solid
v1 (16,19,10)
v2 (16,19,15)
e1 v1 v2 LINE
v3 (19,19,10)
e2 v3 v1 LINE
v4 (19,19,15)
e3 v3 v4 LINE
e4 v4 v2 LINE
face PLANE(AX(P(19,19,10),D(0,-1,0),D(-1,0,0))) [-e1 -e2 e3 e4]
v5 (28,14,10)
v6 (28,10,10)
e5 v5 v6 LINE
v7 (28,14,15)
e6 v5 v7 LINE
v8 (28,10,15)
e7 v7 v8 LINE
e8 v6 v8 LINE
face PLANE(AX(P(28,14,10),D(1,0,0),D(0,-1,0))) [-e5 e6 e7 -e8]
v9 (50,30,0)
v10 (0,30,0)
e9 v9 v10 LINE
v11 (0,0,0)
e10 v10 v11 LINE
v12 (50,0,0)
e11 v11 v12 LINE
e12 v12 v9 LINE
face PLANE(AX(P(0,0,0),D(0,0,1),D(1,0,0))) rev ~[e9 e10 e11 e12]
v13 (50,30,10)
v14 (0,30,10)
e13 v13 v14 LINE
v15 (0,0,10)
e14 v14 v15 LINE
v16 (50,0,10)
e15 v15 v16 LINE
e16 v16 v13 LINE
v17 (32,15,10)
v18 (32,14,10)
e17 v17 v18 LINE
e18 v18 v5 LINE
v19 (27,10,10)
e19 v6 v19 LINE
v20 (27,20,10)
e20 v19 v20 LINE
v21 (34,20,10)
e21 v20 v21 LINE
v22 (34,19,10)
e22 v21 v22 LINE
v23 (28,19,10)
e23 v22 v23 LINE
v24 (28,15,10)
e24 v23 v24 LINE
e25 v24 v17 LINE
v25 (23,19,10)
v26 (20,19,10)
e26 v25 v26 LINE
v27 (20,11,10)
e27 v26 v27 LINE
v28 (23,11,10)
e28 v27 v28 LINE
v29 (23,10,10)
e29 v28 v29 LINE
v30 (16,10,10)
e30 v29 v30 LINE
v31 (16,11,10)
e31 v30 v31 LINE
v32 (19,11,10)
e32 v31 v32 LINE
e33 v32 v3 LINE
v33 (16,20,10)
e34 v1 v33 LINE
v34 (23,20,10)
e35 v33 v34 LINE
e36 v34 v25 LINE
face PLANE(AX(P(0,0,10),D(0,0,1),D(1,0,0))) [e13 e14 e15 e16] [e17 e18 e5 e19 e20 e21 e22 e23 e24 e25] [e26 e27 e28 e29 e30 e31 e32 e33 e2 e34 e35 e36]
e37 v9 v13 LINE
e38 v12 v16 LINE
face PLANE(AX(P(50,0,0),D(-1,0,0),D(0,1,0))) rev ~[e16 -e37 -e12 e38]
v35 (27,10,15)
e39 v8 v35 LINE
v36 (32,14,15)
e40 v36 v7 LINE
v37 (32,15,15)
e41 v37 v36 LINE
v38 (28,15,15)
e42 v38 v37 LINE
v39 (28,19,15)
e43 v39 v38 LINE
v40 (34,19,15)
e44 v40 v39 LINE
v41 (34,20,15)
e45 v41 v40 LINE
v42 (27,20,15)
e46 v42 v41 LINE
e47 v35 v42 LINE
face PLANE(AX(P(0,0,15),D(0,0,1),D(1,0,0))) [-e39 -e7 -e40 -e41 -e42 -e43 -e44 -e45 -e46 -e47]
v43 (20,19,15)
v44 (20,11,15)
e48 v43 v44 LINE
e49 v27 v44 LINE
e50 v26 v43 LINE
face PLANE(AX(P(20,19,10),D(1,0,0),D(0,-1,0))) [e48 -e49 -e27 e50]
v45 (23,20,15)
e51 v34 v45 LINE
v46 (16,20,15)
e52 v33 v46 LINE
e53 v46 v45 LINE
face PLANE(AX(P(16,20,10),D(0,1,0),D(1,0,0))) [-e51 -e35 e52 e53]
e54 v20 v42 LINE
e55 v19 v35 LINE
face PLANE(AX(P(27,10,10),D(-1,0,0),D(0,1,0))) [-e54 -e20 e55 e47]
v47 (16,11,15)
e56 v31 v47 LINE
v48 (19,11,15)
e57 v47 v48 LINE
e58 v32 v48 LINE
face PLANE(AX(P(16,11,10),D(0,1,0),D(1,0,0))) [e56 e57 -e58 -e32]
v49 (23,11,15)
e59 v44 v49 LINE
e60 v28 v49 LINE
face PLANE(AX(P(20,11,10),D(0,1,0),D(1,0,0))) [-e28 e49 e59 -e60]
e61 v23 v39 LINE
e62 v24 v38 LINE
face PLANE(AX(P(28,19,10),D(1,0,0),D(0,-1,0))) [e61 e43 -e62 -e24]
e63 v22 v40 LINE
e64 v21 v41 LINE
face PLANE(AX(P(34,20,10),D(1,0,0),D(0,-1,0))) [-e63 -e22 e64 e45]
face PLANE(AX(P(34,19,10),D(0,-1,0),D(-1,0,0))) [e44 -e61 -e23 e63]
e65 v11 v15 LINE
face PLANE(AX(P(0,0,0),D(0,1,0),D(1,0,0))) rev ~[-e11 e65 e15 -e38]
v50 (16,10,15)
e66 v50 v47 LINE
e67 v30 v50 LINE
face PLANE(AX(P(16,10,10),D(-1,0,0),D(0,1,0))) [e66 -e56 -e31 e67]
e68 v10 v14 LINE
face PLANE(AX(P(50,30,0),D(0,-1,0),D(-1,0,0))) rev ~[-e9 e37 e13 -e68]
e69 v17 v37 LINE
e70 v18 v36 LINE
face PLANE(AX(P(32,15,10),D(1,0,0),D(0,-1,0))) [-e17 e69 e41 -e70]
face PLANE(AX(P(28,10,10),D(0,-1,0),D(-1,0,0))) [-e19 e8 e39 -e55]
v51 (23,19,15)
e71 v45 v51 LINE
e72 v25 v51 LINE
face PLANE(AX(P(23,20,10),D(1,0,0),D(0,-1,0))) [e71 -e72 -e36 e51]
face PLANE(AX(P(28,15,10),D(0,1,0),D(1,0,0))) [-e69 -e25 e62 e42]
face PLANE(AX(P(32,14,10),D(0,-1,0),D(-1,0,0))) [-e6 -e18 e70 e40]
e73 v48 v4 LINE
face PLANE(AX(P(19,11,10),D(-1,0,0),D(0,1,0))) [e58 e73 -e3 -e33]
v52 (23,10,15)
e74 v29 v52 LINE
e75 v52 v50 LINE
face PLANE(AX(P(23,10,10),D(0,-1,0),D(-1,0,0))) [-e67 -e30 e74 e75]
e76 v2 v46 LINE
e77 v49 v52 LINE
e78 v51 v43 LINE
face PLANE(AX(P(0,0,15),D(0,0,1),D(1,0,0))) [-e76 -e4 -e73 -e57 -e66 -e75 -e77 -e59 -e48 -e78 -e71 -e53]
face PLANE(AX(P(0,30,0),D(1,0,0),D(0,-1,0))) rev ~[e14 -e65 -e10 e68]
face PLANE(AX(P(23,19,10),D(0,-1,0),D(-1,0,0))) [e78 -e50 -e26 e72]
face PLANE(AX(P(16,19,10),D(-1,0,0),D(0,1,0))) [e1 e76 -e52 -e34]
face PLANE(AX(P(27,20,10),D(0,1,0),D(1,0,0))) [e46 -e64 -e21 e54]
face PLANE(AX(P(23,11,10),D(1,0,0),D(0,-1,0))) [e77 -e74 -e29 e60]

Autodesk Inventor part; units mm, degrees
ref_plane "YZ Plane" through (0, 0, 0) normal (1, 0, 0) x (0, 1, 0)
ref_plane "XZ Plane" through (0, 0, 0) normal (0, 1, 0) x (-1, 0, 0)
ref_plane "XY Plane" through (0, 0, 0) normal (0, 0, 1) x (1, 0, 0)
sketch "Sketch1" plane through (0, 0, 0) normal (0, 0, 1) x (1, 0, 0)
  line L0 (0, 0) -> (50, 0)
  line L1 (50, 0) -> (50, 30)
  line L2 (50, 30) -> (0, 30)
  line L3 (0, 30) -> (0, 0)
  dimension "d0" = 50
  dimension "d1" = 30
extrude "Extrusion1" add sketch "Sketch1" along normal blind 10
sketch "Sketch2" plane through (0, 0, 10) normal (0, 0, 1) x (1, 0, 0)
  line L0 (0, 0) -> (50, 0) projected
  line L1 (50, 30) -> (0, 30) projected
  line L2 (0, 0) -> (50, 0)
  line L3 (50, 0) -> (50, 30)
  line L4 (50, 30) -> (0, 30)
  line L5 (0, 30) -> (0, 0)
  line L6 (16, 20) -> (23, 20)
  line L7 (23, 20) -> (23, 19)
  line L8 (23, 19) -> (20, 19)
  line L9 (20, 19) -> (20, 11)
  line L10 (20, 11) -> (23, 11)
  line L11 (23, 11) -> (23, 10)
  line L12 (23, 10) -> (16, 10)
  line L13 (16, 10) -> (16, 11)
  line L14 (16, 11) -> (19, 11)
  line L15 (19, 11) -> (19, 19)
  line L16 (19, 19) -> (16, 19)
  line L17 (16, 19) -> (16, 20)
  line L18 (27, 10) -> (27, 20)
  line L19 (27, 20) -> (34, 20)
  line L20 (34, 20) -> (34, 19)
  line L21 (34, 19) -> (28, 19)
  line L22 (28, 19) -> (28, 15)
  line L23 (28, 15) -> (32, 15)
  line L24 (32, 15) -> (32, 14)
  line L25 (32, 14) -> (28, 14)
  line L26 (28, 14) -> (28, 10)
  line L27 (28, 10) -> (27, 10)
  point P0 (17.5, 19)
  point P1 (16, 10.5)
  point P2 (23, 10.5)
  point P3 (23, 19.5)
  point P4 (31, 19)
  point P5 (30, 14)
  point P6 (27, 15)
  dimension "d4" = 1
  dimension "d5" = 1
  dimension "d6" = 1
  dimension "d7" = 3
  dimension "d8" = 3
  dimension "d9" = 10
  dimension "d10" = 10
  dimension "d11" = 30
  dimension "d12" = 50
  dimension "d13" = 23
  dimension "d14" = 23
  dimension "d15" = 10
  dimension "d16" = 1
  dimension "d17" = 1
  dimension "d18" = 1
  dimension "d19" = 7
  dimension "d20" = 4
  dimension "d21" = 10
  dimension "d22" = 4
extrude "Extrusion2" add sketch "Sketch2" along normal blind 5 contours L6 L7 L8 L9 L10 L11 L12 L13 L14 L15 L16 L17 | L18 L19 L20 L21 L22 L23 L24 L25 L26 L27
equation "\"d4\" = d5"
equation "\"d6\" = d5"
equation "\"d8\" = d7"
equation "\"d10\" = -0.5 * d9 + 0.5 * d11"
equation "\"d14\" = d13"
equation "\"d15\" = d10"
equation "\"d16\" = d5"
equation "\"d17\" = d5"
equation "\"d18\" = d5"
equation "\"d19\" = d8 + d7 + d5"
equation "\"d20\" = d7 + d5"
equation "\"d21\" = d9"
equation "\"d22\" = -0.5 * d17 + 0.5 * d21 - 0.5 * d16"
properties part number "Names"
